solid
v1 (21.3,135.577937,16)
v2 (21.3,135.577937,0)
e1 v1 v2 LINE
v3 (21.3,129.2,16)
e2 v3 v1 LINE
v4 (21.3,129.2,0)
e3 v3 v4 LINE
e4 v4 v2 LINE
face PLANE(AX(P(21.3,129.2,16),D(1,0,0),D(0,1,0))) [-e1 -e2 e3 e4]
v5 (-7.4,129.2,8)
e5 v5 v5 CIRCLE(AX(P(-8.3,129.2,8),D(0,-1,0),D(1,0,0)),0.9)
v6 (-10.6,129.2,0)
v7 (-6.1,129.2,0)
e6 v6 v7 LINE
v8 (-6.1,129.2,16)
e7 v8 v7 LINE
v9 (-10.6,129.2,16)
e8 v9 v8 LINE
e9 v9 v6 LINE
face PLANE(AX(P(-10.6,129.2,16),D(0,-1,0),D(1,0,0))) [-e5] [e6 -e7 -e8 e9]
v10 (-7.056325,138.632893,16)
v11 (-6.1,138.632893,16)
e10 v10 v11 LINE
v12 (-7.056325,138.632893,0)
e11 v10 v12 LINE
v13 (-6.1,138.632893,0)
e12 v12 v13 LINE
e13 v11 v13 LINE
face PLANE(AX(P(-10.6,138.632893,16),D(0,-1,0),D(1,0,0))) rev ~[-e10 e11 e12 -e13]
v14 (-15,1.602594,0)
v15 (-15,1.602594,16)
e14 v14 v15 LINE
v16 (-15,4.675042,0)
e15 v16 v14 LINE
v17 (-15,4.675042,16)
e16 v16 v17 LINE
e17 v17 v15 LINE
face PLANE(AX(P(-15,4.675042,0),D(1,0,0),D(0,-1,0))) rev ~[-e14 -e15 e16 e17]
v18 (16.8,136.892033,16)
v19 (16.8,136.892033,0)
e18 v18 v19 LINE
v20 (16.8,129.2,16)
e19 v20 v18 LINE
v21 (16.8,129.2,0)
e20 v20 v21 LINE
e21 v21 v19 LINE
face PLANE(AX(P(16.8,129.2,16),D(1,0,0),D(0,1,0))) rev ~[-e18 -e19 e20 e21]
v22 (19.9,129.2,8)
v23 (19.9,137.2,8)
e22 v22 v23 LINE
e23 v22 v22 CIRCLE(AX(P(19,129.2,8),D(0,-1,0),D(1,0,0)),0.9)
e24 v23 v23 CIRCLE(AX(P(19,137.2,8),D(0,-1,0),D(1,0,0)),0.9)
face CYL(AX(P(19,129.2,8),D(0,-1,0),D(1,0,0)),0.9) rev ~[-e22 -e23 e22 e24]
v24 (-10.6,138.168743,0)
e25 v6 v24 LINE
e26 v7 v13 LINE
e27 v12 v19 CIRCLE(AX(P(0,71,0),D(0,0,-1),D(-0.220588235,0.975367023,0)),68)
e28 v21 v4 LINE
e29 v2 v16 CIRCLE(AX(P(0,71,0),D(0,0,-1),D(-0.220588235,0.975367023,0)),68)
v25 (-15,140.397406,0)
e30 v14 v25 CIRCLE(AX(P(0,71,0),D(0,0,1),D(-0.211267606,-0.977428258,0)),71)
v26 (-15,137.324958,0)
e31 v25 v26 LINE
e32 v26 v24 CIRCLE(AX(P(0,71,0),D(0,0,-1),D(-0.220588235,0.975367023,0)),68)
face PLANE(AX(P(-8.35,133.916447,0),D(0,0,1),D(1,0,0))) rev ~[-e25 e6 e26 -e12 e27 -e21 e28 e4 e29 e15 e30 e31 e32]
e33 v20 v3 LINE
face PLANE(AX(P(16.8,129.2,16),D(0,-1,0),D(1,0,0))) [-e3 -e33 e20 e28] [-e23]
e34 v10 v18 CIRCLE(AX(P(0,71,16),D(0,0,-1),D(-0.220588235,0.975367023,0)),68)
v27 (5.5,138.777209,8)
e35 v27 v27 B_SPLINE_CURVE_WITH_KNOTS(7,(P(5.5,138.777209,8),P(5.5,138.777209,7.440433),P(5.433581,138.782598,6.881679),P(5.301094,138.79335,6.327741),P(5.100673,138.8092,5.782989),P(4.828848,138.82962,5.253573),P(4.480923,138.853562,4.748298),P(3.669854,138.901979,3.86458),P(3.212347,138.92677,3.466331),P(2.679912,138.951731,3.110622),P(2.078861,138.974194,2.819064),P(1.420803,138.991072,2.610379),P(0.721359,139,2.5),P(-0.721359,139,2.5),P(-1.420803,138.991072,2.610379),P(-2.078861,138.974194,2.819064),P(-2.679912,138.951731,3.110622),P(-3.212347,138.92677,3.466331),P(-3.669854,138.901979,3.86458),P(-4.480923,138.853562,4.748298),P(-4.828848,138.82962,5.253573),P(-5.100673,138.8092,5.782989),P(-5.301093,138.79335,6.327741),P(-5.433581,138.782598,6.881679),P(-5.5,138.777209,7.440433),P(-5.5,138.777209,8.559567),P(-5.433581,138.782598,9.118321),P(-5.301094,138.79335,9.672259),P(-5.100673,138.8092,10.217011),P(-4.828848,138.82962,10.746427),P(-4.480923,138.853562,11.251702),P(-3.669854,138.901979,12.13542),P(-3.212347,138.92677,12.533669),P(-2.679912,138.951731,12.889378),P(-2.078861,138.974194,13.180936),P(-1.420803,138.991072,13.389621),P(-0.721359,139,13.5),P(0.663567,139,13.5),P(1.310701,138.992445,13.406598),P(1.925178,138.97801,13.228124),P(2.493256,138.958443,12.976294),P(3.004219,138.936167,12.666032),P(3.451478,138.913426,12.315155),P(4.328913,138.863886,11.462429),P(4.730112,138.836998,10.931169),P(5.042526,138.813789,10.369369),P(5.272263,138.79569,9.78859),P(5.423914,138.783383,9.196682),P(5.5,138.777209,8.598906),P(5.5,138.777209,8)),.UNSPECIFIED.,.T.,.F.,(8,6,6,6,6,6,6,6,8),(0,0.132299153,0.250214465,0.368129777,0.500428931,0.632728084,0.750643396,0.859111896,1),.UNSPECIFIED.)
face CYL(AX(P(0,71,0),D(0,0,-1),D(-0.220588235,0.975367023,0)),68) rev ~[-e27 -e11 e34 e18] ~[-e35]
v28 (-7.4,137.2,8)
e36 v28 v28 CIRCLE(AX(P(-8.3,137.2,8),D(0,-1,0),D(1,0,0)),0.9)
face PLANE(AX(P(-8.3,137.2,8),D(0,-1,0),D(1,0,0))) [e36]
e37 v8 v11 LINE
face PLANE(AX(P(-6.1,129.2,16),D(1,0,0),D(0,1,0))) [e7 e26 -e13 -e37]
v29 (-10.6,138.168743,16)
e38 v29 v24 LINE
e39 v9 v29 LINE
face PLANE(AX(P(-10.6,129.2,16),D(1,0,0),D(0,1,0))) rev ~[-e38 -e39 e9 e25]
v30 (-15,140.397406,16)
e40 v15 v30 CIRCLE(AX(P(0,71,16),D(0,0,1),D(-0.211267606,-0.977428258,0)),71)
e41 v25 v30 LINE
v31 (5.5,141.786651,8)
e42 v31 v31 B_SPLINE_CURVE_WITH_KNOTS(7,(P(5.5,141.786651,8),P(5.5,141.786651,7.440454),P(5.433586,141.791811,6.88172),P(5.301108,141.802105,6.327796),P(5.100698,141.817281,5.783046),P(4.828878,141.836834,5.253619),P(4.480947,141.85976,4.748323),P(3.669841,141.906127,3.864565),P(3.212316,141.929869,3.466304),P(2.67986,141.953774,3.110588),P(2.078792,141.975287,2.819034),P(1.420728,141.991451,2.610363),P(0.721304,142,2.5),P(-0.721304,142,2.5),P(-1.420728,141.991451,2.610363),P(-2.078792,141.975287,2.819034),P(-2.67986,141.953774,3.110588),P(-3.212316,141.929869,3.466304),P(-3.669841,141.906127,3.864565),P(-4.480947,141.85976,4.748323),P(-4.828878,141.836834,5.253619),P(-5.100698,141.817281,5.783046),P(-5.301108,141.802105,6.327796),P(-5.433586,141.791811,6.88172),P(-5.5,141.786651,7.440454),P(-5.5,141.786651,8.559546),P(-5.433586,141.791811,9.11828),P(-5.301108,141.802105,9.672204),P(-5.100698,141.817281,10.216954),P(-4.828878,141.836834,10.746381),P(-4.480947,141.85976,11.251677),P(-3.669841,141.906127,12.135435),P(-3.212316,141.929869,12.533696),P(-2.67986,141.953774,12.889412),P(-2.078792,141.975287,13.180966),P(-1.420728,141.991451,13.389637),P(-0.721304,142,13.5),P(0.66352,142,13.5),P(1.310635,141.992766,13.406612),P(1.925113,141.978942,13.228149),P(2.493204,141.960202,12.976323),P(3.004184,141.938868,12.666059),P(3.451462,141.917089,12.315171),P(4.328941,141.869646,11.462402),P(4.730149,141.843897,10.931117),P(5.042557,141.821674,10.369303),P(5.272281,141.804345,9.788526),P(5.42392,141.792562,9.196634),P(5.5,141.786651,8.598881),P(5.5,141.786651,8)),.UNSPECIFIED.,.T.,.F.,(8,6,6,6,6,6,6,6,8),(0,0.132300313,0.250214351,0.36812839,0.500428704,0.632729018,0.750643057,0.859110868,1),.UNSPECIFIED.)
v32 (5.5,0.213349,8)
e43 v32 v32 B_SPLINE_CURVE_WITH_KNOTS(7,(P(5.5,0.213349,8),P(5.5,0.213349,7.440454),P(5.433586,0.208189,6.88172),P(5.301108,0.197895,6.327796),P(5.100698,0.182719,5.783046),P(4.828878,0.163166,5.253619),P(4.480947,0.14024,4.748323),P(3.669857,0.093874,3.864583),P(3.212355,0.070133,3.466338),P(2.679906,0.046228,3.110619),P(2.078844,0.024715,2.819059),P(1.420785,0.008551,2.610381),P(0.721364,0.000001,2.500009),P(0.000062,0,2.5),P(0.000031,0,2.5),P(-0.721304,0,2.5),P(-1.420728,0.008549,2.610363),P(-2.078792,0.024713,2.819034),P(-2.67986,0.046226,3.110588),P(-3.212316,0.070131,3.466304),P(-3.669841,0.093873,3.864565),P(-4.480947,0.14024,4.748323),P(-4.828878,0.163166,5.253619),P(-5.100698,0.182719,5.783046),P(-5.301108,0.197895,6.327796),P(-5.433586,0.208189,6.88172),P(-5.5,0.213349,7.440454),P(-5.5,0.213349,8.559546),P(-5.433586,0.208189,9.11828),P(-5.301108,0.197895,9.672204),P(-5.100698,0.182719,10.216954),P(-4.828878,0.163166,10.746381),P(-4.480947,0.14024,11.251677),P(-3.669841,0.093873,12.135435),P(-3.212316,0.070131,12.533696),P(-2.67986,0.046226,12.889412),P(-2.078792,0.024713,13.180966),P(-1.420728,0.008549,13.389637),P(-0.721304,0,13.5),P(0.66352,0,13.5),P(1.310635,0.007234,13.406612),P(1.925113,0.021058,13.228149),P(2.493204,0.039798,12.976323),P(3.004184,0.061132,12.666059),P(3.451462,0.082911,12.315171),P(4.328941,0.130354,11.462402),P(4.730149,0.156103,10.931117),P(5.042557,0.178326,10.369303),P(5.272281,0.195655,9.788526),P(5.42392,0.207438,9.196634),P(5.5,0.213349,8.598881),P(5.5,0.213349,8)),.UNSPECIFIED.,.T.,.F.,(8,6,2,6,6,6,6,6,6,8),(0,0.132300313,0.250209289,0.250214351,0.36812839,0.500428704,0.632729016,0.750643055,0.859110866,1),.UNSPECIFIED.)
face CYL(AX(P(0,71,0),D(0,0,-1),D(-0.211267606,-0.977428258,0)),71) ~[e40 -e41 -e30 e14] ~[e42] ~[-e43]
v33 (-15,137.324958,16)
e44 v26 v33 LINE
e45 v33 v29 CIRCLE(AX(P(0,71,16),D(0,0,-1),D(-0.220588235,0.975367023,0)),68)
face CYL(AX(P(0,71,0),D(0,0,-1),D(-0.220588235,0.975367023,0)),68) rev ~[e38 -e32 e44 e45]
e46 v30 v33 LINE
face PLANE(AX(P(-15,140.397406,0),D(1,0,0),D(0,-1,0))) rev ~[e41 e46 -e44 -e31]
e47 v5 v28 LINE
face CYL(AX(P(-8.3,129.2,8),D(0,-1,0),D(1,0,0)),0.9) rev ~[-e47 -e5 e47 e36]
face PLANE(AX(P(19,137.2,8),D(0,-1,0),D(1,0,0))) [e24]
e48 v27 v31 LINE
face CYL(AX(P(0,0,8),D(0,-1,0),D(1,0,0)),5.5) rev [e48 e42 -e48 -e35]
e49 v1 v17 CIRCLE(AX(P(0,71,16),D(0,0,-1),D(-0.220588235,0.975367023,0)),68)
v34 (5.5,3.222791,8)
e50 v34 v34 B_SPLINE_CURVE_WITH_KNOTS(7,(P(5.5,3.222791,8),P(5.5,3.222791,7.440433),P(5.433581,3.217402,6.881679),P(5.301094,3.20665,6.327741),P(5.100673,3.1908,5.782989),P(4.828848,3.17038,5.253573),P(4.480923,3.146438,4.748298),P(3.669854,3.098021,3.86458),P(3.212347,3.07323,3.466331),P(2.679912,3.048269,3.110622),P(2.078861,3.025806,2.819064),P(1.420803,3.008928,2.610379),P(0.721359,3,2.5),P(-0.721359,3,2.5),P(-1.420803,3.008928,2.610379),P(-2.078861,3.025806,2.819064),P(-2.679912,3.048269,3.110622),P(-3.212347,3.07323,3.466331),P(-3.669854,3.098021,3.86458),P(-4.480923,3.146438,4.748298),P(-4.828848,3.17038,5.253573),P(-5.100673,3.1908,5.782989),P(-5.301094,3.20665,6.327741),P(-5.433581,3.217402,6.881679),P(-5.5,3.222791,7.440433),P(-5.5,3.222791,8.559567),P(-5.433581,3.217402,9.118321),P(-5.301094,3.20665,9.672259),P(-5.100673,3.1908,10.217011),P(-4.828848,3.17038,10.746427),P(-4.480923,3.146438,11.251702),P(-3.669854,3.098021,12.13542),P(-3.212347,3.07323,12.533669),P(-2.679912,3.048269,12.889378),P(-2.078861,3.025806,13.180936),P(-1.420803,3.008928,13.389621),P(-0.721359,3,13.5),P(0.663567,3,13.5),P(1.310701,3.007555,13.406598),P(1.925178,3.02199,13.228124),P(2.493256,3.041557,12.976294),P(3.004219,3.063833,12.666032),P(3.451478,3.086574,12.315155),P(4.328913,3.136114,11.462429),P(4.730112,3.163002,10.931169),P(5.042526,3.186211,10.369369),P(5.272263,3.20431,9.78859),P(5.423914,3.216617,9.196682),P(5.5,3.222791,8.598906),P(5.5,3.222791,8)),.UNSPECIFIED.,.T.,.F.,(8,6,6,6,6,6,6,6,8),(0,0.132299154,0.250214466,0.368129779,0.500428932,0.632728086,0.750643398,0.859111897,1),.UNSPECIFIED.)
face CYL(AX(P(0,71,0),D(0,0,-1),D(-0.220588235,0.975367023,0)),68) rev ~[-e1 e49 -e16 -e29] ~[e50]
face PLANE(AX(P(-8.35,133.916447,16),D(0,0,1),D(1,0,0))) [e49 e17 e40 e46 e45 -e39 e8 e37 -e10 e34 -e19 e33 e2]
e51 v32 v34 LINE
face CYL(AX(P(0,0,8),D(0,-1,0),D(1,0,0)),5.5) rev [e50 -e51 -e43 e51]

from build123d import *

# Parameters (mm, degrees)
BOSS_EXTRUDE1_DEPTH = 16
SKETCH2_R           = 5.5
CUT_EXTRUDE1_DEPTH  = 143
SKETCH3_W           = 4.5
SKETCH3_H           = 9.432893418
SKETCH3_H_2         = 7.692032902
BOSS_EXTRUDE2_DEPTH = 16
SKETCH4_R           = 0.9
CUT_EXTRUDE2_DEPTH  = 8


with BuildPart() as part:
    # Sketch1 → Boss-Extrude1 (new body)
    with BuildSketch(Plane.XY):
        with BuildLine():
            Line((-15, 140.397406292), (-15, 137.324957595))
            ThreePointArc((-15, 137.324957595), (68, 71), (-15, 4.675042405))
            Line((-15, 4.675042405), (-15, 1.602593708))
            ThreePointArc((-15, 1.602593708), (71, 71), (-15, 140.397406292))
        make_face()
    extrude(amount=BOSS_EXTRUDE1_DEPTH)

    # Sketch2 → Cut-Extrude1 (cut, through all)
    with BuildSketch(Plane(origin=(0, 0, 0), x_dir=(1, 0, 0), z_dir=(0, 1, 0))):
        with Locations((0, -8)):
            Circle(SKETCH2_R)
    extrude(amount=CUT_EXTRUDE1_DEPTH, mode=Mode.SUBTRACT)

    # Sketch3 → Boss-Extrude2 (add)
    with BuildSketch(Plane.XY.offset(16)):
        with Locations((-8.35, 133.916446709)):
            Rectangle(SKETCH3_W, SKETCH3_H)
        with Locations((19.05, 133.046016451)):
            Rectangle(SKETCH3_W, SKETCH3_H_2)
    extrude(amount=-BOSS_EXTRUDE2_DEPTH)

    # Sketch4 → Cut-Extrude2 (cut)
    with BuildSketch(Plane.XZ.offset(-129.2)):
        with Locations((19, 8)):
            Circle(SKETCH4_R)
        with Locations((-8.3, 8)):
            Circle(SKETCH4_R)
    extrude(amount=-CUT_EXTRUDE2_DEPTH, mode=Mode.SUBTRACT)


solid = part.part
